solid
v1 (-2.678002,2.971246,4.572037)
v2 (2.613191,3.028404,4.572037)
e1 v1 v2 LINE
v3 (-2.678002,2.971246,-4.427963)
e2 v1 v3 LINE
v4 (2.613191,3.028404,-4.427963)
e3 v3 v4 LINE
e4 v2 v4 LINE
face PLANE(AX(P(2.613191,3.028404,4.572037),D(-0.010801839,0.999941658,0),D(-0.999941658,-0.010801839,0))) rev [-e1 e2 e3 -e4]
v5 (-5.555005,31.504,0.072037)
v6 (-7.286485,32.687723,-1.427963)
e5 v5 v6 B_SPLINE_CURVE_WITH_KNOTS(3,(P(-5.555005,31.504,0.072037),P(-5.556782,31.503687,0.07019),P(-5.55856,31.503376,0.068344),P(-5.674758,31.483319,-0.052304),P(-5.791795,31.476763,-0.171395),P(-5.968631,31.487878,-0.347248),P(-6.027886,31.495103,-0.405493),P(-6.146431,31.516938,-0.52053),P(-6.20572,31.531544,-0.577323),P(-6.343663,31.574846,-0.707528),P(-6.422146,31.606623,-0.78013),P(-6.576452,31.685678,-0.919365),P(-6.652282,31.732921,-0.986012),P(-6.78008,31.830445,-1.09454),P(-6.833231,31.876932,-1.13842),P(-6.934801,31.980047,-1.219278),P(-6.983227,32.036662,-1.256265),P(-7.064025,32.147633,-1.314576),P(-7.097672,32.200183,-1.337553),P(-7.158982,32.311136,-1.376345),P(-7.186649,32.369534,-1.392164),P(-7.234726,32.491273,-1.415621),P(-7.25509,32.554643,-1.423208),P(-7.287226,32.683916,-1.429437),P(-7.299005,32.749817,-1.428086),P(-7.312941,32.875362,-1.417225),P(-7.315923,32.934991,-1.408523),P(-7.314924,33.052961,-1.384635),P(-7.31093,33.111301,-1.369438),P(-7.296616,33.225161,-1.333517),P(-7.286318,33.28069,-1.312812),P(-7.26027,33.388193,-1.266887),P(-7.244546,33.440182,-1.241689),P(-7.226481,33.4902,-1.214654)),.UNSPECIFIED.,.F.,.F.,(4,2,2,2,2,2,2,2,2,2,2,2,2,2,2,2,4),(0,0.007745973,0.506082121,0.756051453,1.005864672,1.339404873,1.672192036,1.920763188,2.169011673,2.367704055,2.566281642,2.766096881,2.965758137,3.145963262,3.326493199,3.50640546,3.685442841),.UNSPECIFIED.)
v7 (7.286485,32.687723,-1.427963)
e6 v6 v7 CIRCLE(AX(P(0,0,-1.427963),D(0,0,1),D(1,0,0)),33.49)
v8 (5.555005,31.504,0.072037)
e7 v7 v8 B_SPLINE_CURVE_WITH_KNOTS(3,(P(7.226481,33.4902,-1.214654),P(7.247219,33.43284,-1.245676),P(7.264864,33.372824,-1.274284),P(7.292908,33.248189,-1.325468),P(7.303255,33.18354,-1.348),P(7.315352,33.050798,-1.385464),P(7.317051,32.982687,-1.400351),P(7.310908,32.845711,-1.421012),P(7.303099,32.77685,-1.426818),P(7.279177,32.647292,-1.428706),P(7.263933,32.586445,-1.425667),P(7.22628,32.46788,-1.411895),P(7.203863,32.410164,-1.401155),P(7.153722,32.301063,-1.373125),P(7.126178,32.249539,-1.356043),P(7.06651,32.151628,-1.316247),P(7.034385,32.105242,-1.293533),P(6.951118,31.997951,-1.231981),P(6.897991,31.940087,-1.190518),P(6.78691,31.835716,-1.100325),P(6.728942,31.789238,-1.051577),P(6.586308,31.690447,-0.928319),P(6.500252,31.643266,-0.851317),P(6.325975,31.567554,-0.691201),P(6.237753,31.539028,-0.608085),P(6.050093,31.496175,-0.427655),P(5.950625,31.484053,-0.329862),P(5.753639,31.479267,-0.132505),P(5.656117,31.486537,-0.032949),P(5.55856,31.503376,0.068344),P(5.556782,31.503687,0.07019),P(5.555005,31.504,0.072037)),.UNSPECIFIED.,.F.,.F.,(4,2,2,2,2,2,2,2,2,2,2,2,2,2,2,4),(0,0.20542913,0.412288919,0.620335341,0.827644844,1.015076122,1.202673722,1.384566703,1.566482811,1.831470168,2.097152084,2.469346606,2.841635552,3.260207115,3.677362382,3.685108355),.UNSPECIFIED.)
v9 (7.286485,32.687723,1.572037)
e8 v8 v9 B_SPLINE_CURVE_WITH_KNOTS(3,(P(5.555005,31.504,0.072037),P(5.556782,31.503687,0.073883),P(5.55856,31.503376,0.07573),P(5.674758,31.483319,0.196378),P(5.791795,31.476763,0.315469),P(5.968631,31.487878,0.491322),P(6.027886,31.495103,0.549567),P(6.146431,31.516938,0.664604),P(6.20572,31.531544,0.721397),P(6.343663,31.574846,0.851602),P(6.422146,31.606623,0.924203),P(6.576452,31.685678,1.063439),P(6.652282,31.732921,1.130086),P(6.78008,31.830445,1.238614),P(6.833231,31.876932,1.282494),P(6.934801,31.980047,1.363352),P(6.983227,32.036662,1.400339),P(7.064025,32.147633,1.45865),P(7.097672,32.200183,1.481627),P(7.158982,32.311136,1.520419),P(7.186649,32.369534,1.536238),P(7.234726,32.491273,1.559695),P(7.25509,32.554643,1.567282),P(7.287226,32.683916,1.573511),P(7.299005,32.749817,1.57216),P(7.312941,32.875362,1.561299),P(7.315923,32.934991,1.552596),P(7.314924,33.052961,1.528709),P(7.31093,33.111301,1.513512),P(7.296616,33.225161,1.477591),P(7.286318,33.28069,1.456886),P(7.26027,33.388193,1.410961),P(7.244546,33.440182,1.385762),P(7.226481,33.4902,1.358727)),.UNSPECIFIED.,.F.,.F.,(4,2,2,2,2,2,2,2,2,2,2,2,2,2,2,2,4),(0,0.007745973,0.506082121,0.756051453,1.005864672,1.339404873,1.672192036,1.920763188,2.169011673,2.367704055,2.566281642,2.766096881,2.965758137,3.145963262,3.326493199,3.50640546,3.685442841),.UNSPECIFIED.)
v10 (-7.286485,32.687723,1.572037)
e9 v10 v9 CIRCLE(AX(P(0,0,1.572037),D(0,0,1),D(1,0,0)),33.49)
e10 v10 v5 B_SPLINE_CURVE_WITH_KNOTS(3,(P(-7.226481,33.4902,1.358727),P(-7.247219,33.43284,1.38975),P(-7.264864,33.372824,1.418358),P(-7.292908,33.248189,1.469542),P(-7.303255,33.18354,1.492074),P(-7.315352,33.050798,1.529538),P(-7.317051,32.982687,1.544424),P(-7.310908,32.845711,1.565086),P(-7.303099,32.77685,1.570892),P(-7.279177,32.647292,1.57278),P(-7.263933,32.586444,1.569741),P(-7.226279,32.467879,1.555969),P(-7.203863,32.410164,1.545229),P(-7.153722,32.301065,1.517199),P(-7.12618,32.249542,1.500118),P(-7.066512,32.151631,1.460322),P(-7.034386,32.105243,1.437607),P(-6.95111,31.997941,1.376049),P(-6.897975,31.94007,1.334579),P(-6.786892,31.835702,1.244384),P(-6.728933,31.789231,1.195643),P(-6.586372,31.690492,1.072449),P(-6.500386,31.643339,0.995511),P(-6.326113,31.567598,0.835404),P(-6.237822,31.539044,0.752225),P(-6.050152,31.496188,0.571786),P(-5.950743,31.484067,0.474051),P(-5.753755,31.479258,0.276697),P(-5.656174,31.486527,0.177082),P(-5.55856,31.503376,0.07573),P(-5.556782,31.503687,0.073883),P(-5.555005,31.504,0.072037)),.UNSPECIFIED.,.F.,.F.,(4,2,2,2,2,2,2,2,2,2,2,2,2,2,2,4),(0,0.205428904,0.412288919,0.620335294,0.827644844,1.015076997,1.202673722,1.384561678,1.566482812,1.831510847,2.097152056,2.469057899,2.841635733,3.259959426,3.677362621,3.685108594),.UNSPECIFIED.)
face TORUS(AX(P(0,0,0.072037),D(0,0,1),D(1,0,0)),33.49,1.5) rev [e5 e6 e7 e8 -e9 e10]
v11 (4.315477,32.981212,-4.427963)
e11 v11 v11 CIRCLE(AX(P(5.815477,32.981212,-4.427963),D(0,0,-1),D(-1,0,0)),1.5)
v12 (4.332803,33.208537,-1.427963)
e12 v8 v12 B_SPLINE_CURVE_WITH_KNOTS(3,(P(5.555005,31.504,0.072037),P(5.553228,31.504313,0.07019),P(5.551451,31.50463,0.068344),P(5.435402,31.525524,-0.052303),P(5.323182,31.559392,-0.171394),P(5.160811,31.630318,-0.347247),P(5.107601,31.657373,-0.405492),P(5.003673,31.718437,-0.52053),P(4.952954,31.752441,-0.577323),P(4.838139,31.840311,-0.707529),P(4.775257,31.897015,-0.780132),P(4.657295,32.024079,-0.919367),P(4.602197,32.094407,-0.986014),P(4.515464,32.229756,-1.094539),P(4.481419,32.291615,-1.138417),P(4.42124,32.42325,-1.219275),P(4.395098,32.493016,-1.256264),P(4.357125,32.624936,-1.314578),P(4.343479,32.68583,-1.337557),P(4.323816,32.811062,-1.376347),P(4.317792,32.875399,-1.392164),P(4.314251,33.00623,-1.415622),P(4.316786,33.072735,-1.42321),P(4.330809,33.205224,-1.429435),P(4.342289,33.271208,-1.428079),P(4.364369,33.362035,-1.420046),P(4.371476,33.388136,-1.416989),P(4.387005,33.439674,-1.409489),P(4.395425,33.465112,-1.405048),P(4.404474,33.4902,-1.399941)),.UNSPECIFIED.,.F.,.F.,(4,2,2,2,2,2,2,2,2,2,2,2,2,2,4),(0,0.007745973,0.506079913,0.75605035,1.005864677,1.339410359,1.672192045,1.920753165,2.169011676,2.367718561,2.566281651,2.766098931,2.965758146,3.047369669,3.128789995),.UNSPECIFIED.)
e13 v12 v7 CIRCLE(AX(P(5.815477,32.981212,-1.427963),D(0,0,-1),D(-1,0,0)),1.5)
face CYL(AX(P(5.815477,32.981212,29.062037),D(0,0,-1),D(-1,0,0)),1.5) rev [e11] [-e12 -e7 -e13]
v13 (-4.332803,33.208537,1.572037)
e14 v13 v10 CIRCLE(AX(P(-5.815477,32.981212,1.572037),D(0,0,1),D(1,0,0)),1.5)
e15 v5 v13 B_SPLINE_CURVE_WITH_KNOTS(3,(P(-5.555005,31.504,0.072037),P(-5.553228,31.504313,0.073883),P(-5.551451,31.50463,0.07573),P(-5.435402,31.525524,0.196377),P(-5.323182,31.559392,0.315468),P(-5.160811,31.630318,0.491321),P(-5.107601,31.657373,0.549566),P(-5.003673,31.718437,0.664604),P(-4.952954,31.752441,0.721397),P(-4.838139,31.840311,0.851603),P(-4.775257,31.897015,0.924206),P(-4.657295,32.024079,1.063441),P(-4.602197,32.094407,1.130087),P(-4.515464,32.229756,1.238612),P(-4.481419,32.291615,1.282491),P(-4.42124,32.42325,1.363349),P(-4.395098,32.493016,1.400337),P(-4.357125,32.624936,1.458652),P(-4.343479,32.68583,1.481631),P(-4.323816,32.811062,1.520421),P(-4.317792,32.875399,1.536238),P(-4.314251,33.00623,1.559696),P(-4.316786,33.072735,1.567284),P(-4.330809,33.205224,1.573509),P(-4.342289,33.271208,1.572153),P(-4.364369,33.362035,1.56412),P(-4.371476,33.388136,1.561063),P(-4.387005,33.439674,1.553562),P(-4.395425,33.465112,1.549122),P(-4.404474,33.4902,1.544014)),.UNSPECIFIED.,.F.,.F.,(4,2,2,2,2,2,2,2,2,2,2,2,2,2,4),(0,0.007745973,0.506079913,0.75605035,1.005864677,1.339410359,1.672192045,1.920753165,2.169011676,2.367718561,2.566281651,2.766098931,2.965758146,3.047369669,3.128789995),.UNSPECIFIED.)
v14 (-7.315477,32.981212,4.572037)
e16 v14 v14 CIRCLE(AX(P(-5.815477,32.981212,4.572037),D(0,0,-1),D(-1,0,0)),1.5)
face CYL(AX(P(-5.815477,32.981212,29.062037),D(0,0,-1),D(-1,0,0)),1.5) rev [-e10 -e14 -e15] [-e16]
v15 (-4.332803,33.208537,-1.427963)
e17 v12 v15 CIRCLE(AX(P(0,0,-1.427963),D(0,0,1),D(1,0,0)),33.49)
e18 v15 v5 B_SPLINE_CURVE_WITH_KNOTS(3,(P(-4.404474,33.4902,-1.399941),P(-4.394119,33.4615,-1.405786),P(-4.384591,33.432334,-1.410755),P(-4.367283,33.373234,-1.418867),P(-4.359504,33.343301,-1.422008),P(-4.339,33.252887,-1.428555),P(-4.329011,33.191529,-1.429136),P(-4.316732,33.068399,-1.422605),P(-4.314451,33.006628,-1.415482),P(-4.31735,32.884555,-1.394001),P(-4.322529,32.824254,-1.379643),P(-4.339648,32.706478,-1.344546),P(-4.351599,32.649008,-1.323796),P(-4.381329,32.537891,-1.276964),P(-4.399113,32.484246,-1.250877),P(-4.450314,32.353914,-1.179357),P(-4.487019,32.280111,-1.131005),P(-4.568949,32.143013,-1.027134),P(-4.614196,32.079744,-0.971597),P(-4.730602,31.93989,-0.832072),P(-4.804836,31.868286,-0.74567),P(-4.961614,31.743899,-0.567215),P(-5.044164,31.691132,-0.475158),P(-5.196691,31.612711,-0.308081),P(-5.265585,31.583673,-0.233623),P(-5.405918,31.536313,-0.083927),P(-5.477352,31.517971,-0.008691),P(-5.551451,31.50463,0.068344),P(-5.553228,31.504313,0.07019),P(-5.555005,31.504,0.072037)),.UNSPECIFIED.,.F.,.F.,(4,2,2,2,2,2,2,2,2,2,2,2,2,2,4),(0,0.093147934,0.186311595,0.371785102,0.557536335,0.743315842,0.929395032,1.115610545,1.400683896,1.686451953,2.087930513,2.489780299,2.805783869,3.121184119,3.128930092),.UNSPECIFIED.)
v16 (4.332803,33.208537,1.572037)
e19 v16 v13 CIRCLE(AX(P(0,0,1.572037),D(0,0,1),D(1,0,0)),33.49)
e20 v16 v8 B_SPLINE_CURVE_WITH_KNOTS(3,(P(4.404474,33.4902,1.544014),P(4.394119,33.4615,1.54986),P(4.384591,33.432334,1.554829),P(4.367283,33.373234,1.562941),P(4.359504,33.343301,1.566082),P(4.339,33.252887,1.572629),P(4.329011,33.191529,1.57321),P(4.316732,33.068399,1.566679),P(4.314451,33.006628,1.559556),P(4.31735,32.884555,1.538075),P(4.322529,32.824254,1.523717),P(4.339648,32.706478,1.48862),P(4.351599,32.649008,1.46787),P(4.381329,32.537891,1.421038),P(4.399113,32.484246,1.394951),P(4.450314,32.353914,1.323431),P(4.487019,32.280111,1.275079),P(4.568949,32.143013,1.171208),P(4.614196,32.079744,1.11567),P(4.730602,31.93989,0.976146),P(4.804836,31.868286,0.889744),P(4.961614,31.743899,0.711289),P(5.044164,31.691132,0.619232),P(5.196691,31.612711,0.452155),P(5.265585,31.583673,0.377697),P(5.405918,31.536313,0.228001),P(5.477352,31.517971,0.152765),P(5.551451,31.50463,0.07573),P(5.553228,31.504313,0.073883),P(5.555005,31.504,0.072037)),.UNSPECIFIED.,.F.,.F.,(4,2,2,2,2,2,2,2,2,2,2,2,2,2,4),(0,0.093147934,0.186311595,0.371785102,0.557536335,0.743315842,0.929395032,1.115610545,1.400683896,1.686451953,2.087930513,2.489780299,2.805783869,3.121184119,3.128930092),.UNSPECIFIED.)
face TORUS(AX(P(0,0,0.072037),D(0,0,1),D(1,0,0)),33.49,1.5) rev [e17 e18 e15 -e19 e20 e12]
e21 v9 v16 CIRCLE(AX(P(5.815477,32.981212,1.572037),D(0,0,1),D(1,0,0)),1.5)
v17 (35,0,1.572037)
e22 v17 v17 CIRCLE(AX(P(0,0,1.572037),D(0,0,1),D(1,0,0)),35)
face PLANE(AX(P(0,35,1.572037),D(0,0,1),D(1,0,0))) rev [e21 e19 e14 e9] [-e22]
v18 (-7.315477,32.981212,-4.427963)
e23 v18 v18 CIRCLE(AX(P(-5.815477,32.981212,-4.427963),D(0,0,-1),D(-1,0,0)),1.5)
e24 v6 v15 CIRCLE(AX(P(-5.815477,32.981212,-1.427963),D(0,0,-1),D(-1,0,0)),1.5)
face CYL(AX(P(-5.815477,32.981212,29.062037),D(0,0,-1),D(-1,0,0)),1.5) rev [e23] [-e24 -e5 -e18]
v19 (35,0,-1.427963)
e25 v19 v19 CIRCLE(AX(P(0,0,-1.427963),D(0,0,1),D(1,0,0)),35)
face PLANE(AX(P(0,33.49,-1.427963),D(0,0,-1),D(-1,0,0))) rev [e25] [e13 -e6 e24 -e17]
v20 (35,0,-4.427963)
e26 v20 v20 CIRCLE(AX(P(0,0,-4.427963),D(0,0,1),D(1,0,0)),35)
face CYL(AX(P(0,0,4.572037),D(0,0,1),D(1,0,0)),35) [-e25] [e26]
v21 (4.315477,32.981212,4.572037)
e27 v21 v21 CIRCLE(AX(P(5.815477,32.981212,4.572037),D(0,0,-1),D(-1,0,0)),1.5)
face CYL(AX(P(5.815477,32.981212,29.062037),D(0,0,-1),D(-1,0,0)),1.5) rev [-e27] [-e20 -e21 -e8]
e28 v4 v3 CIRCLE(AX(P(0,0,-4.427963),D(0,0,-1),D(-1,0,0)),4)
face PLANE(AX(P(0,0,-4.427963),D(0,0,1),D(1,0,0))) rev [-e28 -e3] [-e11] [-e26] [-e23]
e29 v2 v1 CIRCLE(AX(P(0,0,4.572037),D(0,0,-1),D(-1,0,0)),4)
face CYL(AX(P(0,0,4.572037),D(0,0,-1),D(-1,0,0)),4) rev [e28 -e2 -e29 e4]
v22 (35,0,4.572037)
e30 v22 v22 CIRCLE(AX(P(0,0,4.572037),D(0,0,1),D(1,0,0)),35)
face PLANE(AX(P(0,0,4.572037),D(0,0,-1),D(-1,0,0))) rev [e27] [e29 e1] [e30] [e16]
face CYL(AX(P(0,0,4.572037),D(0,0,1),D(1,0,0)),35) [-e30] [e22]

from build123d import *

# Parameters (mm, degrees)
CUT_EXTRUDE1_DEPTH  = 9
SKETCH4_R           = 1.5
CUT_EXTRUDE10_DEPTH = 33.49


with BuildPart() as part:
    # Sketch2 → Revolve1 (revolve)
    with BuildSketch(Plane(origin=(0, 0, 0), x_dir=(0, 0, -1), z_dir=(1, 0, 0)), mode=Mode.PRIVATE) as revolve1_sk:
        with BuildLine():
            Line((-4.572036915, 0), (4.427963085, 0))
            Line((4.427963085, 0), (4.427963085, 35))
            Line((4.427963085, 35), (1.427963085, 35))
            Line((1.427963085, 35), (1.427963085, 33.49))
            ThreePointArc((1.427963085, 33.49), (-0.072036915, 31.99), (-1.572036915, 33.49))
            Line((-1.572036915, 33.49), (-1.572036915, 35))
            Line((-1.572036915, 35), (-4.572036915, 35))
            Line((-4.572036915, 35), (-4.572036915, 0))
        make_face()
    revolve(revolve1_sk.sketch.rotate(Axis((0, 0, 4.572036915), (0, 0, -1)), 90), axis=Axis((0, 0, 4.572036915), (0, 0, -1)))

    # Sketch3 → Cut-Extrude1 (cut)
    with BuildSketch(Plane(origin=(0, 0, -4.427963085), x_dir=(-1, 0, 0), z_dir=(0, 0, -1))):
        with BuildLine():
            Line((-2.613191437, 3.028403955), (2.678002471, 2.971245996))
            ThreePointArc((2.678002471, 2.971245996), (-0.043207356, -3.999766634), (-2.613191437, 3.028403955))
        make_face()
    extrude(amount=-CUT_EXTRUDE1_DEPTH, mode=Mode.SUBTRACT)

    # Sketch4 → Cut-Extrude10 (cut)
    with BuildSketch(Plane(origin=(0, 0, -4.427963085), x_dir=(-1, 0, 0), z_dir=(0, 0, -1))):
        with Locations((-5.81547747, 32.981211648)):
            Circle(SKETCH4_R)
        with Locations((5.81547747, 32.981211648)):
            Circle(SKETCH4_R)
    extrude(amount=-CUT_EXTRUDE10_DEPTH, mode=Mode.SUBTRACT)


solid = part.part
